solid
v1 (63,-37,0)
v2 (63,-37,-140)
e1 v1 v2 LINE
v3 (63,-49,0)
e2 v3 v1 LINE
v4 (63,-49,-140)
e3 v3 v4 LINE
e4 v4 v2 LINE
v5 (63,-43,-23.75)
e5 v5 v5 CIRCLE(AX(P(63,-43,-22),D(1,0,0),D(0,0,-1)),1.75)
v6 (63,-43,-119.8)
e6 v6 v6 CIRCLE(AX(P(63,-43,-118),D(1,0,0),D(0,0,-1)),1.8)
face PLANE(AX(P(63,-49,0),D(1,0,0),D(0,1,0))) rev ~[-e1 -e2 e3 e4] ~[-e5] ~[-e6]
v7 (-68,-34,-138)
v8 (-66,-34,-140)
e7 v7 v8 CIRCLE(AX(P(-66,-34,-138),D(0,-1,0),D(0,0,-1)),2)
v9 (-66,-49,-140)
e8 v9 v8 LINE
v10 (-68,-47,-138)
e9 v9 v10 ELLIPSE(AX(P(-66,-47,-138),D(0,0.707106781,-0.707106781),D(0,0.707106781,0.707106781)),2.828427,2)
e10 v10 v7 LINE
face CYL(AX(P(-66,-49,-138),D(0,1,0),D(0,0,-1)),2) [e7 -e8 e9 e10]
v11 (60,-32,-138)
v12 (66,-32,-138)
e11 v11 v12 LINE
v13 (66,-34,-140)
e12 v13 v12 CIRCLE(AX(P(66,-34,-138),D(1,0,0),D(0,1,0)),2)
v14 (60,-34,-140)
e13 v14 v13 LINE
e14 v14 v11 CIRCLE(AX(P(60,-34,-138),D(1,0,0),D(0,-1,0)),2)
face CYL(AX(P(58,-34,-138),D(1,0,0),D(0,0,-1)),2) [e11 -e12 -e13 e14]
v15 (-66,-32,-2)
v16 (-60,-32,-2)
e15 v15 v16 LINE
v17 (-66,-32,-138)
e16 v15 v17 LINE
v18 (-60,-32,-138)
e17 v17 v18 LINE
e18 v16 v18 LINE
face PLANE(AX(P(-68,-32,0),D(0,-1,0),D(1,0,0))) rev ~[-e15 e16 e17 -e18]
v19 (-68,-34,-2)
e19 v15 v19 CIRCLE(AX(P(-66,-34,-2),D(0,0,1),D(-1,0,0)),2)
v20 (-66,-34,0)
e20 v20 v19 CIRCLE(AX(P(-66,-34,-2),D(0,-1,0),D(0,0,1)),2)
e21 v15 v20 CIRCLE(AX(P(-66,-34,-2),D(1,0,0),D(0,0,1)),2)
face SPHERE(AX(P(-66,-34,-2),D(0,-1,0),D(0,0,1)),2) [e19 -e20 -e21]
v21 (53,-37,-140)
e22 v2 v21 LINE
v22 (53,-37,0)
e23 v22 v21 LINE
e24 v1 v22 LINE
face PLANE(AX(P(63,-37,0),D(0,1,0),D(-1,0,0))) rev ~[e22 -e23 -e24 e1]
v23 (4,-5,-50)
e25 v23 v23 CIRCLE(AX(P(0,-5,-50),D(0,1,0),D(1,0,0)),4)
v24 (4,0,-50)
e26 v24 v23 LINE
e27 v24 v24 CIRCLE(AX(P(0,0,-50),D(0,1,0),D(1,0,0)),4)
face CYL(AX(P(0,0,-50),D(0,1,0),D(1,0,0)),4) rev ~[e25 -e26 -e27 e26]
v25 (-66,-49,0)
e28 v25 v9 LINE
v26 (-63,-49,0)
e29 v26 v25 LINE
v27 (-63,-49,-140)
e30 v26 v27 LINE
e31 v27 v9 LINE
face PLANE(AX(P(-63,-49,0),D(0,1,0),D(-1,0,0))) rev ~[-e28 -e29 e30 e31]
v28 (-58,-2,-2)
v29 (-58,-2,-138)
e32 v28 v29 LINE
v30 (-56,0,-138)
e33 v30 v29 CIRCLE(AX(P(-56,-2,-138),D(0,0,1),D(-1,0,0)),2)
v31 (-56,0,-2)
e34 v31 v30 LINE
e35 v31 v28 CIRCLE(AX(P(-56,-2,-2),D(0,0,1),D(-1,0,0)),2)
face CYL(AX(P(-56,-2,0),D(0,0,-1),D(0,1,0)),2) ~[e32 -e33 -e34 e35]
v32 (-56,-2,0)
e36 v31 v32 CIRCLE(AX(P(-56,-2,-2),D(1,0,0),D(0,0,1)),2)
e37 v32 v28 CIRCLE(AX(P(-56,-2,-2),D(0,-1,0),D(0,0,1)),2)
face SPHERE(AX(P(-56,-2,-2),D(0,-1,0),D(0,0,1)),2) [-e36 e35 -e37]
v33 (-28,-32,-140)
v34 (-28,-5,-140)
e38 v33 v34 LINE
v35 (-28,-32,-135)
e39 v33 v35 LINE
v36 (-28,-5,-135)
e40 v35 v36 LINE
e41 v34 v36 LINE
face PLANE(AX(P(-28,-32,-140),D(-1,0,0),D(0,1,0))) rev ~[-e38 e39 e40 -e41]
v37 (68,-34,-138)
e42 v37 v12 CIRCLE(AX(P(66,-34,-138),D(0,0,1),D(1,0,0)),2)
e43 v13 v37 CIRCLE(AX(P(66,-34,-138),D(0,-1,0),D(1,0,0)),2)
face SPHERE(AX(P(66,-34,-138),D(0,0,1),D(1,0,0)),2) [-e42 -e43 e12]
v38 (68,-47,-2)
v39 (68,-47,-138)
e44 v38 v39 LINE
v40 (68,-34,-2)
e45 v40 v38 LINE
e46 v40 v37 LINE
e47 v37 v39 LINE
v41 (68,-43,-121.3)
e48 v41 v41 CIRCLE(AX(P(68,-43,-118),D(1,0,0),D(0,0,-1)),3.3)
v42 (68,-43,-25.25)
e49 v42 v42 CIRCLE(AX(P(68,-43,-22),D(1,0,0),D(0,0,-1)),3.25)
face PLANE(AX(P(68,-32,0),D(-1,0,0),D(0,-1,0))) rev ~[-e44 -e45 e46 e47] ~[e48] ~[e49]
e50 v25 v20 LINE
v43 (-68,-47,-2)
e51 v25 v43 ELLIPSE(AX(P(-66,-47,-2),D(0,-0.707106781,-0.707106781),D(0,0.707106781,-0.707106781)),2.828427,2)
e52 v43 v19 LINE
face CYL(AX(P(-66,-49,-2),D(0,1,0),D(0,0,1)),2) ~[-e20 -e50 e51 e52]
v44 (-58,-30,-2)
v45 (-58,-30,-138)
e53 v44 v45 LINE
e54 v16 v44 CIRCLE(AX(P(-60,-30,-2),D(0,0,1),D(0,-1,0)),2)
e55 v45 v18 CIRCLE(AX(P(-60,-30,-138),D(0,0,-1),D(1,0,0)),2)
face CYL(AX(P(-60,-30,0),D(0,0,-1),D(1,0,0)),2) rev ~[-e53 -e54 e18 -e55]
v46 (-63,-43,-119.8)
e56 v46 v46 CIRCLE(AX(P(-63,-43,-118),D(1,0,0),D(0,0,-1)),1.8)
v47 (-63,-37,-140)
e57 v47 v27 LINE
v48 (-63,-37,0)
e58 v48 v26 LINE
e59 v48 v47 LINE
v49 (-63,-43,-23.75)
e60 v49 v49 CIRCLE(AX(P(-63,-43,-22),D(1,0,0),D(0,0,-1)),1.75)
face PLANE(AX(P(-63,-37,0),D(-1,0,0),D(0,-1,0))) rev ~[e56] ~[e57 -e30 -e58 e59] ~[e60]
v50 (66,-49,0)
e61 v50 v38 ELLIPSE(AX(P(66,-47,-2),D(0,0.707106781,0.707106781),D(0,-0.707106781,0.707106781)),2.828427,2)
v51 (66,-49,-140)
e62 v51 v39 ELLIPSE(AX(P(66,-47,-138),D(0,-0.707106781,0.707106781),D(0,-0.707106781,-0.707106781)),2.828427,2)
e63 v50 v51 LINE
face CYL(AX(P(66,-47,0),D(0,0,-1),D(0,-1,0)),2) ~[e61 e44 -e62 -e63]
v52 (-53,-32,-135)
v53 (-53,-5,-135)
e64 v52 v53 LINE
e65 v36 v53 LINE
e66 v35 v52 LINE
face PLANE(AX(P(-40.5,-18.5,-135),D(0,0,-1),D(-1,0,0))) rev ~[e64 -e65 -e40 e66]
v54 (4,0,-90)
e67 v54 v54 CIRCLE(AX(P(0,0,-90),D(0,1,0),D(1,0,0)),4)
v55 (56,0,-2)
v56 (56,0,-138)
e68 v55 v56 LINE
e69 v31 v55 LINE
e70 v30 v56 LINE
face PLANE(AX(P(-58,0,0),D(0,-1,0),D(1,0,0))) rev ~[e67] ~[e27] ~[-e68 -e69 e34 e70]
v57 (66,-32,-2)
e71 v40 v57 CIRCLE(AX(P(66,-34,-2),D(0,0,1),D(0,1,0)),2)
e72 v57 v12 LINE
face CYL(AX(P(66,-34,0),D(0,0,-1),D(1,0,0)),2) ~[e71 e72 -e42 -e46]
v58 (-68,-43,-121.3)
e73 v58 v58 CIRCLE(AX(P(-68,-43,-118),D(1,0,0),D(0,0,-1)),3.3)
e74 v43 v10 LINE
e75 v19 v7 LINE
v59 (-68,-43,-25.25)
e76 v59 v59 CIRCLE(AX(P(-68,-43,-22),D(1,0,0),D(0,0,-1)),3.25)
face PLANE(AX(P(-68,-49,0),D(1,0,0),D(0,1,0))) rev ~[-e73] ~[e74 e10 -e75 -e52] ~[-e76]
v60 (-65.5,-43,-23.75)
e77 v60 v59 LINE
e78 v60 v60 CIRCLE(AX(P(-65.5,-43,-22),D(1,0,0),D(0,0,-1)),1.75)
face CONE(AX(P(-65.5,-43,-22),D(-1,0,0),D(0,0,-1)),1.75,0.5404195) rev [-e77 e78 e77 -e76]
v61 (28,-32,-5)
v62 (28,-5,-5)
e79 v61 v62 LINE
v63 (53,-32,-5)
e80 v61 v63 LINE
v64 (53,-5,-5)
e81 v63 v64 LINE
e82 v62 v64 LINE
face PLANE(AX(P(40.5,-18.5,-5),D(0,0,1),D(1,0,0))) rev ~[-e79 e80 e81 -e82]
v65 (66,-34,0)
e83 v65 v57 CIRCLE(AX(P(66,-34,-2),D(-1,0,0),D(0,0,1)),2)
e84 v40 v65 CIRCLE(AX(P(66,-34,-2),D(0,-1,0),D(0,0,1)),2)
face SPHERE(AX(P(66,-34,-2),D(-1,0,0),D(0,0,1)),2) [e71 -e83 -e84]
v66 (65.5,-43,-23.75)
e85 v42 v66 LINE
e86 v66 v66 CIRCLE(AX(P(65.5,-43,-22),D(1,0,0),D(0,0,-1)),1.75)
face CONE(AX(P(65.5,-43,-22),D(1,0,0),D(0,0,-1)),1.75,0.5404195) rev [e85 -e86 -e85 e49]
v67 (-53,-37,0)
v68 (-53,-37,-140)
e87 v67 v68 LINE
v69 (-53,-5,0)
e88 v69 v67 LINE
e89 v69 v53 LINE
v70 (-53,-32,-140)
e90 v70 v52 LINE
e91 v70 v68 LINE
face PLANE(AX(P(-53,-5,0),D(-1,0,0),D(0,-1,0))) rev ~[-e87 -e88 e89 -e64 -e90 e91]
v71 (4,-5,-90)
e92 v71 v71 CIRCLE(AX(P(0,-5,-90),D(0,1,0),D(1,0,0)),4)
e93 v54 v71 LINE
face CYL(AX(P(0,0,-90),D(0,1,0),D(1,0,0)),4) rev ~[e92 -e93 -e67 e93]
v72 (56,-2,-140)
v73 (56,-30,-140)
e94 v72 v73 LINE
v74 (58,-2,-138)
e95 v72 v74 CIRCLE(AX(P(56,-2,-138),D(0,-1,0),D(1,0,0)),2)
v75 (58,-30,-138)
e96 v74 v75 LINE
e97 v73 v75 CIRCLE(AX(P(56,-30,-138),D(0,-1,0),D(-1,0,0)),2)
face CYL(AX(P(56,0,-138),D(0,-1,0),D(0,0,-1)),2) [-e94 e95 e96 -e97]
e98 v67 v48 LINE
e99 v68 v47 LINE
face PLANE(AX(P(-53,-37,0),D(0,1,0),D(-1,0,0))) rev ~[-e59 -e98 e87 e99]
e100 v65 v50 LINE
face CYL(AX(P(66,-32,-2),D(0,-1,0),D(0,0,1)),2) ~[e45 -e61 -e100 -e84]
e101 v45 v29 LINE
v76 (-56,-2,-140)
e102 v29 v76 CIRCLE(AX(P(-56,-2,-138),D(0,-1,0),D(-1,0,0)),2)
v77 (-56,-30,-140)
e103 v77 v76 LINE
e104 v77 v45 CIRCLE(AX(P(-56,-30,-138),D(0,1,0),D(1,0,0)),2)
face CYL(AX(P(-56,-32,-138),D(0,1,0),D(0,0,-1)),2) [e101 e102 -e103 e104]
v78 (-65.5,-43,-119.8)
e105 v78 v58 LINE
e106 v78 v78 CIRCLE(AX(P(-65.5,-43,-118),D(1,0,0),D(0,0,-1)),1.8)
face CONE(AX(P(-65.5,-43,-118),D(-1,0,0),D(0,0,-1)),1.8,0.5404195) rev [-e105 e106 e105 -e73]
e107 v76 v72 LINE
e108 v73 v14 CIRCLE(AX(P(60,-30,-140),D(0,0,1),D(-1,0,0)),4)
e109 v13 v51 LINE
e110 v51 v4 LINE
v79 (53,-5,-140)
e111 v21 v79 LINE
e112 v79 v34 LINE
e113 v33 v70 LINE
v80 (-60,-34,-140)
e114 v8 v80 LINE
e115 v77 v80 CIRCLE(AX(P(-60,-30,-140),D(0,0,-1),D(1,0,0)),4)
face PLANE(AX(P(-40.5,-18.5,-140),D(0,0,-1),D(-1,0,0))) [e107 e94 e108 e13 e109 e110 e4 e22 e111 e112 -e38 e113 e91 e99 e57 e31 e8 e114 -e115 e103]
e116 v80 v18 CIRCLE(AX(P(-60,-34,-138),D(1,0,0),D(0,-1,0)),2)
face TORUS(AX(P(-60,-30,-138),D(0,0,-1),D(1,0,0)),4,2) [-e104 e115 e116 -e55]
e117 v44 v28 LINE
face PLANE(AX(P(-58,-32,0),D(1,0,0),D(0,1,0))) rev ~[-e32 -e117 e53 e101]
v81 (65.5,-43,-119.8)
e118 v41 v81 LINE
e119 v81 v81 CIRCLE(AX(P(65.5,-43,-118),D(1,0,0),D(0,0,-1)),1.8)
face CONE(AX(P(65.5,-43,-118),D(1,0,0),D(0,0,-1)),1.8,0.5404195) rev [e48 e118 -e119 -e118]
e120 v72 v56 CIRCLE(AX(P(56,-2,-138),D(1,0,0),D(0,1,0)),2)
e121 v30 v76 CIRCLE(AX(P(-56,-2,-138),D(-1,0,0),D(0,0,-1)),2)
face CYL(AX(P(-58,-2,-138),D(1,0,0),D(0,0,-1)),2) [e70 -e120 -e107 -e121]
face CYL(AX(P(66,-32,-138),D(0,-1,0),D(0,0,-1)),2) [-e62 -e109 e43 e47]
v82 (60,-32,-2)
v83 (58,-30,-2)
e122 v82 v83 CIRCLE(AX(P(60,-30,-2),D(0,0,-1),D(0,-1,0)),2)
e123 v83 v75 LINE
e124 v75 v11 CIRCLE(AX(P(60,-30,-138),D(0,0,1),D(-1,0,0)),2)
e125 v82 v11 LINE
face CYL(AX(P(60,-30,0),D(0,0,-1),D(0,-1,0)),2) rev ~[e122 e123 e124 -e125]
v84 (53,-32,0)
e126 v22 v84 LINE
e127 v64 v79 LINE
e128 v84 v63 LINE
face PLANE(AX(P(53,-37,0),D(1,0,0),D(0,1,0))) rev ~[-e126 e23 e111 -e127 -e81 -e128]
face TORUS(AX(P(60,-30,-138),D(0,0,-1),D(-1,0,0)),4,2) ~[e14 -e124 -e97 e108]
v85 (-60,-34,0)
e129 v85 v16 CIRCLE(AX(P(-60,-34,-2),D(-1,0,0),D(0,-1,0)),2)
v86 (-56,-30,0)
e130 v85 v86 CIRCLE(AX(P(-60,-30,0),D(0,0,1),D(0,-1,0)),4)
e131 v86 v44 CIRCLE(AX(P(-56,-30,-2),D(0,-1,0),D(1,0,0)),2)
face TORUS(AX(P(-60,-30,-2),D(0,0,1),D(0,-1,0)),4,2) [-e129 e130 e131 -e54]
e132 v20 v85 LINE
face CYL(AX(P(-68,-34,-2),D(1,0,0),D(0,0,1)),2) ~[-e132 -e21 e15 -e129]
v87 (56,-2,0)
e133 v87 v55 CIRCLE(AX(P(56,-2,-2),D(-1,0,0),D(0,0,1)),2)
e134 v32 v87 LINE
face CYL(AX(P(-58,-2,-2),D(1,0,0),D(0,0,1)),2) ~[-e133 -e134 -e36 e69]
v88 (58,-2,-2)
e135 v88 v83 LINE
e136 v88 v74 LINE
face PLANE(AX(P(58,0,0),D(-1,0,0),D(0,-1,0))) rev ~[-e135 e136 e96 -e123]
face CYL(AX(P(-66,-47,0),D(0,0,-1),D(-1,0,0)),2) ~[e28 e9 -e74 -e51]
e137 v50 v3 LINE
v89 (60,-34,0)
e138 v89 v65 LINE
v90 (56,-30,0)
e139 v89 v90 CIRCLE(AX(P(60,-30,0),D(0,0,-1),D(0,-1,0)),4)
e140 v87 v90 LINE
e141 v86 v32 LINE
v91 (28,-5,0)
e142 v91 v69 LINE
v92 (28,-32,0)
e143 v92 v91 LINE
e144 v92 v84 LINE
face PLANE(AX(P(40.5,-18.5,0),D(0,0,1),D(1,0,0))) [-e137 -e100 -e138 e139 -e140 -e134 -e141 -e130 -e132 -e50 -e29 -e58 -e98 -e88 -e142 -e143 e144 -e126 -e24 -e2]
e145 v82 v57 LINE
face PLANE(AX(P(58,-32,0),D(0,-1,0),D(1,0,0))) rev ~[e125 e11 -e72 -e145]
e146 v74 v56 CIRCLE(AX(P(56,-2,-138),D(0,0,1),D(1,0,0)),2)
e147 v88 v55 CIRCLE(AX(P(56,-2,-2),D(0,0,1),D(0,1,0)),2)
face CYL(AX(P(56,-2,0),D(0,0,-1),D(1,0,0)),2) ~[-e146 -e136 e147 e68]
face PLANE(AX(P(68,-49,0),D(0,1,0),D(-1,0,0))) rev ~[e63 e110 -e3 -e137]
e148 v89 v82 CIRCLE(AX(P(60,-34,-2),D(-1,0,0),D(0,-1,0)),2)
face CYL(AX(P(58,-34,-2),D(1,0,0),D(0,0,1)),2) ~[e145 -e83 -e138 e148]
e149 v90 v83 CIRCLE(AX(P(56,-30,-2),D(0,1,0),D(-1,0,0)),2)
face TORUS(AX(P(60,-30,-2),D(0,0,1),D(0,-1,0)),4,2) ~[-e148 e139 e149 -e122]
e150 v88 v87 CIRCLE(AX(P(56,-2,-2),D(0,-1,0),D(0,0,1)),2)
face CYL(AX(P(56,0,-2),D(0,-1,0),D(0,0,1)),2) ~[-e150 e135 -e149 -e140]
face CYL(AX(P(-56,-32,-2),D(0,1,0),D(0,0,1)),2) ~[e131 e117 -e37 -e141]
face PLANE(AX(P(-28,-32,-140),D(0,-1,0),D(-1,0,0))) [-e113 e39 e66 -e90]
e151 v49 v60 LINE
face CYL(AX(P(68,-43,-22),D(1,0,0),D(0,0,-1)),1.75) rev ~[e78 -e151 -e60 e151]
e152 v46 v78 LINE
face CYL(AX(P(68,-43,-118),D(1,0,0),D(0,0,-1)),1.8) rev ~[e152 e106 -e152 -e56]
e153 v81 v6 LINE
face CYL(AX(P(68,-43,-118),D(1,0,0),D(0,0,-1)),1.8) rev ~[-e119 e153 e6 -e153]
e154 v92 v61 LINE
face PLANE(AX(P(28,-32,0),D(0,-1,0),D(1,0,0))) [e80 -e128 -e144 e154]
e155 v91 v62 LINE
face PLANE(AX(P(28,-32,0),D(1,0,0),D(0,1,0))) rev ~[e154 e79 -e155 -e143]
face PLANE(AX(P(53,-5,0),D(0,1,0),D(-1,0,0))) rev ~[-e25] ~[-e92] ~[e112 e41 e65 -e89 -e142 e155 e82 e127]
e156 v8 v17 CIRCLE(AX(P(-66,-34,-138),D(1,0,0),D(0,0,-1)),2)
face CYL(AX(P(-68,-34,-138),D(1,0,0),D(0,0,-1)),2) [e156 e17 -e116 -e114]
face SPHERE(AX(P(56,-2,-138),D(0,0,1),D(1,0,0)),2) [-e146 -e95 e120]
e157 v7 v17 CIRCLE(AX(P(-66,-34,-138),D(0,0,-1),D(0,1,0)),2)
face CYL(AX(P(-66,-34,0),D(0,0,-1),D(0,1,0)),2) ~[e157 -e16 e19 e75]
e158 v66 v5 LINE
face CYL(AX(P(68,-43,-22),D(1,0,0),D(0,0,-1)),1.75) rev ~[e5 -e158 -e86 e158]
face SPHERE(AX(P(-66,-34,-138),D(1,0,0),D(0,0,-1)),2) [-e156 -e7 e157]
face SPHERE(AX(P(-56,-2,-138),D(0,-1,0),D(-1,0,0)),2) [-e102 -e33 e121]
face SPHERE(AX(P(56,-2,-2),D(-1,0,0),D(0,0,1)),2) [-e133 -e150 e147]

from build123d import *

# Parameters (mm, degrees)
BOSS_EXTRUDE1_DEPTH   = 140
SKETCH4_W             = 25
SKETCH4_H             = 27
BOSS_EXTRUDE2_DEPTH   = 5
SKETCH5_W             = 25
SKETCH5_H             = 27
BOSS_EXTRUDE3_DEPTH   = 5
FILLET1_R             = 2
SKETCH6_R             = 1.75
SKETCH6_R_2           = 1.8
CUT_EXTRUDE1_DEPTH    = 137
CHAMFER1_SIZE         = 1.5
CHAMFER1_SIZE2        = 2.5
CHAMFER2_SIZE         = 2.5
CHAMFER2_SIZE2        = 1.5
CHAMFER2_PART_2_SIZE  = 2.5
CHAMFER2_PART_2_SIZE2 = 1.5
SKETCH8_R             = 4
CUT_EXTRUDE2_DEPTH    = 50


with BuildPart() as part:
    # Sketch3 → Boss-Extrude1 (new body)
    with BuildSketch(Plane.XY):
        Polygon((-58, 0), (58, 0), (58, -32), (68, -32), (68, -49), (63, -49), (63, -37), (53, -37), (53, -5), (-53, -5), (-53, -37), (-63, -37), (-63, -49), (-68, -49), (-68, -32), (-58, -32), align=None)
    extrude(amount=-BOSS_EXTRUDE1_DEPTH)

    # Sketch4 → Boss-Extrude2 (add)
    with BuildSketch(Plane.XY):
        with Locations((40.5, -18.5)):
            Rectangle(SKETCH4_W, SKETCH4_H)
    extrude(amount=-BOSS_EXTRUDE2_DEPTH)

    # Sketch5 → Boss-Extrude3 (add)
    with BuildSketch(Plane(origin=(0, 0, -140), x_dir=(-1, 0, 0), z_dir=(0, 0, -1))):
        with Locations((40.5, -18.5)):
            Rectangle(SKETCH5_W, SKETCH5_H)
    extrude(amount=-BOSS_EXTRUDE3_DEPTH)

    # Fillet1
    fillet1_edges = [part.edges().sort_by_distance(p)[0] for p in [
        (-58, -16, -140),
        (63, -32, 0),
        (68, -40.5, 0),
        (-63, -32, -140),
        (-68, -40.5, 0),
        (-63, -32, 0),
        (-68, -40.5, -140),
        (-58, -16, 0),
        (0, 0, 0),
        (58, -16, 0),
        (58, -32, -70),
        (68, -32, -70),
        (68, -49, -70),
        (-68, -49, -70),
        (-68, -32, -70),
        (-58, -32, -70),
        (-58, 0, -70),
        (58, 0, -70),
        (58, -16, -140),
        (68, -40.5, -140),
        (63, -32, -140),
        (0, 0, -140),
    ]]
    fillet(fillet1_edges, radius=FILLET1_R)

    # Sketch6 → Cut-Extrude1 (cut, through all)
    with BuildSketch(Plane(origin=(68, 0, 0), x_dir=(0, 0, -1), z_dir=(1, 0, 0))):
        with Locations((22, -43)):
            Circle(SKETCH6_R)
        with Locations((118, -43)):
            Circle(SKETCH6_R_2)
    extrude(amount=-CUT_EXTRUDE1_DEPTH, mode=Mode.SUBTRACT)

    # Chamfer1
    chamfer1_edges = [part.edges().sort_by_distance(p)[0] for p in [
        (68, -43, -20.25),
        (68, -43, -116.2),
    ]]
    chamfer1_side = [part.faces().sort_by_distance(p)[0] for p in [
        (68, -40.471685324, -69.984689184),
    ]]
    chamfer(chamfer1_edges, length=CHAMFER1_SIZE, length2=CHAMFER1_SIZE2, reference=chamfer1_side[0])

    # Chamfer2
    chamfer2_edges = [part.edges().sort_by_distance(p)[0] for p in [
        (-68, -43, -20.25),
    ]]
    chamfer2_side = [part.faces().sort_by_distance(p)[0] for p in [
        (-65.5, -43, -20.25),
    ]]
    chamfer(chamfer2_edges, length=CHAMFER2_SIZE, length2=CHAMFER2_SIZE2, reference=chamfer2_side[0])

    # Chamfer2 part 2
    chamfer2_part_2_edges = [part.edges().sort_by_distance(p)[0] for p in [
        (-68, -43, -116.2),
    ]]
    chamfer2_part_2_side = [part.faces().sort_by_distance(p)[0] for p in [
        (-65.5, -43, -116.2),
    ]]
    chamfer(chamfer2_part_2_edges, length=CHAMFER2_PART_2_SIZE, length2=CHAMFER2_PART_2_SIZE2, reference=chamfer2_part_2_side[0])

    # Sketch8 → Cut-Extrude2 (cut, through all)
    with BuildSketch(Plane(origin=(0, 0, 0), x_dir=(1, 0, 0), z_dir=(0, 1, 0))):
        with Locations((0, 90)):
            Circle(SKETCH8_R)
        with Locations((0, 50)):
            Circle(SKETCH8_R)
    extrude(amount=-CUT_EXTRUDE2_DEPTH, mode=Mode.SUBTRACT)


solid = part.part
